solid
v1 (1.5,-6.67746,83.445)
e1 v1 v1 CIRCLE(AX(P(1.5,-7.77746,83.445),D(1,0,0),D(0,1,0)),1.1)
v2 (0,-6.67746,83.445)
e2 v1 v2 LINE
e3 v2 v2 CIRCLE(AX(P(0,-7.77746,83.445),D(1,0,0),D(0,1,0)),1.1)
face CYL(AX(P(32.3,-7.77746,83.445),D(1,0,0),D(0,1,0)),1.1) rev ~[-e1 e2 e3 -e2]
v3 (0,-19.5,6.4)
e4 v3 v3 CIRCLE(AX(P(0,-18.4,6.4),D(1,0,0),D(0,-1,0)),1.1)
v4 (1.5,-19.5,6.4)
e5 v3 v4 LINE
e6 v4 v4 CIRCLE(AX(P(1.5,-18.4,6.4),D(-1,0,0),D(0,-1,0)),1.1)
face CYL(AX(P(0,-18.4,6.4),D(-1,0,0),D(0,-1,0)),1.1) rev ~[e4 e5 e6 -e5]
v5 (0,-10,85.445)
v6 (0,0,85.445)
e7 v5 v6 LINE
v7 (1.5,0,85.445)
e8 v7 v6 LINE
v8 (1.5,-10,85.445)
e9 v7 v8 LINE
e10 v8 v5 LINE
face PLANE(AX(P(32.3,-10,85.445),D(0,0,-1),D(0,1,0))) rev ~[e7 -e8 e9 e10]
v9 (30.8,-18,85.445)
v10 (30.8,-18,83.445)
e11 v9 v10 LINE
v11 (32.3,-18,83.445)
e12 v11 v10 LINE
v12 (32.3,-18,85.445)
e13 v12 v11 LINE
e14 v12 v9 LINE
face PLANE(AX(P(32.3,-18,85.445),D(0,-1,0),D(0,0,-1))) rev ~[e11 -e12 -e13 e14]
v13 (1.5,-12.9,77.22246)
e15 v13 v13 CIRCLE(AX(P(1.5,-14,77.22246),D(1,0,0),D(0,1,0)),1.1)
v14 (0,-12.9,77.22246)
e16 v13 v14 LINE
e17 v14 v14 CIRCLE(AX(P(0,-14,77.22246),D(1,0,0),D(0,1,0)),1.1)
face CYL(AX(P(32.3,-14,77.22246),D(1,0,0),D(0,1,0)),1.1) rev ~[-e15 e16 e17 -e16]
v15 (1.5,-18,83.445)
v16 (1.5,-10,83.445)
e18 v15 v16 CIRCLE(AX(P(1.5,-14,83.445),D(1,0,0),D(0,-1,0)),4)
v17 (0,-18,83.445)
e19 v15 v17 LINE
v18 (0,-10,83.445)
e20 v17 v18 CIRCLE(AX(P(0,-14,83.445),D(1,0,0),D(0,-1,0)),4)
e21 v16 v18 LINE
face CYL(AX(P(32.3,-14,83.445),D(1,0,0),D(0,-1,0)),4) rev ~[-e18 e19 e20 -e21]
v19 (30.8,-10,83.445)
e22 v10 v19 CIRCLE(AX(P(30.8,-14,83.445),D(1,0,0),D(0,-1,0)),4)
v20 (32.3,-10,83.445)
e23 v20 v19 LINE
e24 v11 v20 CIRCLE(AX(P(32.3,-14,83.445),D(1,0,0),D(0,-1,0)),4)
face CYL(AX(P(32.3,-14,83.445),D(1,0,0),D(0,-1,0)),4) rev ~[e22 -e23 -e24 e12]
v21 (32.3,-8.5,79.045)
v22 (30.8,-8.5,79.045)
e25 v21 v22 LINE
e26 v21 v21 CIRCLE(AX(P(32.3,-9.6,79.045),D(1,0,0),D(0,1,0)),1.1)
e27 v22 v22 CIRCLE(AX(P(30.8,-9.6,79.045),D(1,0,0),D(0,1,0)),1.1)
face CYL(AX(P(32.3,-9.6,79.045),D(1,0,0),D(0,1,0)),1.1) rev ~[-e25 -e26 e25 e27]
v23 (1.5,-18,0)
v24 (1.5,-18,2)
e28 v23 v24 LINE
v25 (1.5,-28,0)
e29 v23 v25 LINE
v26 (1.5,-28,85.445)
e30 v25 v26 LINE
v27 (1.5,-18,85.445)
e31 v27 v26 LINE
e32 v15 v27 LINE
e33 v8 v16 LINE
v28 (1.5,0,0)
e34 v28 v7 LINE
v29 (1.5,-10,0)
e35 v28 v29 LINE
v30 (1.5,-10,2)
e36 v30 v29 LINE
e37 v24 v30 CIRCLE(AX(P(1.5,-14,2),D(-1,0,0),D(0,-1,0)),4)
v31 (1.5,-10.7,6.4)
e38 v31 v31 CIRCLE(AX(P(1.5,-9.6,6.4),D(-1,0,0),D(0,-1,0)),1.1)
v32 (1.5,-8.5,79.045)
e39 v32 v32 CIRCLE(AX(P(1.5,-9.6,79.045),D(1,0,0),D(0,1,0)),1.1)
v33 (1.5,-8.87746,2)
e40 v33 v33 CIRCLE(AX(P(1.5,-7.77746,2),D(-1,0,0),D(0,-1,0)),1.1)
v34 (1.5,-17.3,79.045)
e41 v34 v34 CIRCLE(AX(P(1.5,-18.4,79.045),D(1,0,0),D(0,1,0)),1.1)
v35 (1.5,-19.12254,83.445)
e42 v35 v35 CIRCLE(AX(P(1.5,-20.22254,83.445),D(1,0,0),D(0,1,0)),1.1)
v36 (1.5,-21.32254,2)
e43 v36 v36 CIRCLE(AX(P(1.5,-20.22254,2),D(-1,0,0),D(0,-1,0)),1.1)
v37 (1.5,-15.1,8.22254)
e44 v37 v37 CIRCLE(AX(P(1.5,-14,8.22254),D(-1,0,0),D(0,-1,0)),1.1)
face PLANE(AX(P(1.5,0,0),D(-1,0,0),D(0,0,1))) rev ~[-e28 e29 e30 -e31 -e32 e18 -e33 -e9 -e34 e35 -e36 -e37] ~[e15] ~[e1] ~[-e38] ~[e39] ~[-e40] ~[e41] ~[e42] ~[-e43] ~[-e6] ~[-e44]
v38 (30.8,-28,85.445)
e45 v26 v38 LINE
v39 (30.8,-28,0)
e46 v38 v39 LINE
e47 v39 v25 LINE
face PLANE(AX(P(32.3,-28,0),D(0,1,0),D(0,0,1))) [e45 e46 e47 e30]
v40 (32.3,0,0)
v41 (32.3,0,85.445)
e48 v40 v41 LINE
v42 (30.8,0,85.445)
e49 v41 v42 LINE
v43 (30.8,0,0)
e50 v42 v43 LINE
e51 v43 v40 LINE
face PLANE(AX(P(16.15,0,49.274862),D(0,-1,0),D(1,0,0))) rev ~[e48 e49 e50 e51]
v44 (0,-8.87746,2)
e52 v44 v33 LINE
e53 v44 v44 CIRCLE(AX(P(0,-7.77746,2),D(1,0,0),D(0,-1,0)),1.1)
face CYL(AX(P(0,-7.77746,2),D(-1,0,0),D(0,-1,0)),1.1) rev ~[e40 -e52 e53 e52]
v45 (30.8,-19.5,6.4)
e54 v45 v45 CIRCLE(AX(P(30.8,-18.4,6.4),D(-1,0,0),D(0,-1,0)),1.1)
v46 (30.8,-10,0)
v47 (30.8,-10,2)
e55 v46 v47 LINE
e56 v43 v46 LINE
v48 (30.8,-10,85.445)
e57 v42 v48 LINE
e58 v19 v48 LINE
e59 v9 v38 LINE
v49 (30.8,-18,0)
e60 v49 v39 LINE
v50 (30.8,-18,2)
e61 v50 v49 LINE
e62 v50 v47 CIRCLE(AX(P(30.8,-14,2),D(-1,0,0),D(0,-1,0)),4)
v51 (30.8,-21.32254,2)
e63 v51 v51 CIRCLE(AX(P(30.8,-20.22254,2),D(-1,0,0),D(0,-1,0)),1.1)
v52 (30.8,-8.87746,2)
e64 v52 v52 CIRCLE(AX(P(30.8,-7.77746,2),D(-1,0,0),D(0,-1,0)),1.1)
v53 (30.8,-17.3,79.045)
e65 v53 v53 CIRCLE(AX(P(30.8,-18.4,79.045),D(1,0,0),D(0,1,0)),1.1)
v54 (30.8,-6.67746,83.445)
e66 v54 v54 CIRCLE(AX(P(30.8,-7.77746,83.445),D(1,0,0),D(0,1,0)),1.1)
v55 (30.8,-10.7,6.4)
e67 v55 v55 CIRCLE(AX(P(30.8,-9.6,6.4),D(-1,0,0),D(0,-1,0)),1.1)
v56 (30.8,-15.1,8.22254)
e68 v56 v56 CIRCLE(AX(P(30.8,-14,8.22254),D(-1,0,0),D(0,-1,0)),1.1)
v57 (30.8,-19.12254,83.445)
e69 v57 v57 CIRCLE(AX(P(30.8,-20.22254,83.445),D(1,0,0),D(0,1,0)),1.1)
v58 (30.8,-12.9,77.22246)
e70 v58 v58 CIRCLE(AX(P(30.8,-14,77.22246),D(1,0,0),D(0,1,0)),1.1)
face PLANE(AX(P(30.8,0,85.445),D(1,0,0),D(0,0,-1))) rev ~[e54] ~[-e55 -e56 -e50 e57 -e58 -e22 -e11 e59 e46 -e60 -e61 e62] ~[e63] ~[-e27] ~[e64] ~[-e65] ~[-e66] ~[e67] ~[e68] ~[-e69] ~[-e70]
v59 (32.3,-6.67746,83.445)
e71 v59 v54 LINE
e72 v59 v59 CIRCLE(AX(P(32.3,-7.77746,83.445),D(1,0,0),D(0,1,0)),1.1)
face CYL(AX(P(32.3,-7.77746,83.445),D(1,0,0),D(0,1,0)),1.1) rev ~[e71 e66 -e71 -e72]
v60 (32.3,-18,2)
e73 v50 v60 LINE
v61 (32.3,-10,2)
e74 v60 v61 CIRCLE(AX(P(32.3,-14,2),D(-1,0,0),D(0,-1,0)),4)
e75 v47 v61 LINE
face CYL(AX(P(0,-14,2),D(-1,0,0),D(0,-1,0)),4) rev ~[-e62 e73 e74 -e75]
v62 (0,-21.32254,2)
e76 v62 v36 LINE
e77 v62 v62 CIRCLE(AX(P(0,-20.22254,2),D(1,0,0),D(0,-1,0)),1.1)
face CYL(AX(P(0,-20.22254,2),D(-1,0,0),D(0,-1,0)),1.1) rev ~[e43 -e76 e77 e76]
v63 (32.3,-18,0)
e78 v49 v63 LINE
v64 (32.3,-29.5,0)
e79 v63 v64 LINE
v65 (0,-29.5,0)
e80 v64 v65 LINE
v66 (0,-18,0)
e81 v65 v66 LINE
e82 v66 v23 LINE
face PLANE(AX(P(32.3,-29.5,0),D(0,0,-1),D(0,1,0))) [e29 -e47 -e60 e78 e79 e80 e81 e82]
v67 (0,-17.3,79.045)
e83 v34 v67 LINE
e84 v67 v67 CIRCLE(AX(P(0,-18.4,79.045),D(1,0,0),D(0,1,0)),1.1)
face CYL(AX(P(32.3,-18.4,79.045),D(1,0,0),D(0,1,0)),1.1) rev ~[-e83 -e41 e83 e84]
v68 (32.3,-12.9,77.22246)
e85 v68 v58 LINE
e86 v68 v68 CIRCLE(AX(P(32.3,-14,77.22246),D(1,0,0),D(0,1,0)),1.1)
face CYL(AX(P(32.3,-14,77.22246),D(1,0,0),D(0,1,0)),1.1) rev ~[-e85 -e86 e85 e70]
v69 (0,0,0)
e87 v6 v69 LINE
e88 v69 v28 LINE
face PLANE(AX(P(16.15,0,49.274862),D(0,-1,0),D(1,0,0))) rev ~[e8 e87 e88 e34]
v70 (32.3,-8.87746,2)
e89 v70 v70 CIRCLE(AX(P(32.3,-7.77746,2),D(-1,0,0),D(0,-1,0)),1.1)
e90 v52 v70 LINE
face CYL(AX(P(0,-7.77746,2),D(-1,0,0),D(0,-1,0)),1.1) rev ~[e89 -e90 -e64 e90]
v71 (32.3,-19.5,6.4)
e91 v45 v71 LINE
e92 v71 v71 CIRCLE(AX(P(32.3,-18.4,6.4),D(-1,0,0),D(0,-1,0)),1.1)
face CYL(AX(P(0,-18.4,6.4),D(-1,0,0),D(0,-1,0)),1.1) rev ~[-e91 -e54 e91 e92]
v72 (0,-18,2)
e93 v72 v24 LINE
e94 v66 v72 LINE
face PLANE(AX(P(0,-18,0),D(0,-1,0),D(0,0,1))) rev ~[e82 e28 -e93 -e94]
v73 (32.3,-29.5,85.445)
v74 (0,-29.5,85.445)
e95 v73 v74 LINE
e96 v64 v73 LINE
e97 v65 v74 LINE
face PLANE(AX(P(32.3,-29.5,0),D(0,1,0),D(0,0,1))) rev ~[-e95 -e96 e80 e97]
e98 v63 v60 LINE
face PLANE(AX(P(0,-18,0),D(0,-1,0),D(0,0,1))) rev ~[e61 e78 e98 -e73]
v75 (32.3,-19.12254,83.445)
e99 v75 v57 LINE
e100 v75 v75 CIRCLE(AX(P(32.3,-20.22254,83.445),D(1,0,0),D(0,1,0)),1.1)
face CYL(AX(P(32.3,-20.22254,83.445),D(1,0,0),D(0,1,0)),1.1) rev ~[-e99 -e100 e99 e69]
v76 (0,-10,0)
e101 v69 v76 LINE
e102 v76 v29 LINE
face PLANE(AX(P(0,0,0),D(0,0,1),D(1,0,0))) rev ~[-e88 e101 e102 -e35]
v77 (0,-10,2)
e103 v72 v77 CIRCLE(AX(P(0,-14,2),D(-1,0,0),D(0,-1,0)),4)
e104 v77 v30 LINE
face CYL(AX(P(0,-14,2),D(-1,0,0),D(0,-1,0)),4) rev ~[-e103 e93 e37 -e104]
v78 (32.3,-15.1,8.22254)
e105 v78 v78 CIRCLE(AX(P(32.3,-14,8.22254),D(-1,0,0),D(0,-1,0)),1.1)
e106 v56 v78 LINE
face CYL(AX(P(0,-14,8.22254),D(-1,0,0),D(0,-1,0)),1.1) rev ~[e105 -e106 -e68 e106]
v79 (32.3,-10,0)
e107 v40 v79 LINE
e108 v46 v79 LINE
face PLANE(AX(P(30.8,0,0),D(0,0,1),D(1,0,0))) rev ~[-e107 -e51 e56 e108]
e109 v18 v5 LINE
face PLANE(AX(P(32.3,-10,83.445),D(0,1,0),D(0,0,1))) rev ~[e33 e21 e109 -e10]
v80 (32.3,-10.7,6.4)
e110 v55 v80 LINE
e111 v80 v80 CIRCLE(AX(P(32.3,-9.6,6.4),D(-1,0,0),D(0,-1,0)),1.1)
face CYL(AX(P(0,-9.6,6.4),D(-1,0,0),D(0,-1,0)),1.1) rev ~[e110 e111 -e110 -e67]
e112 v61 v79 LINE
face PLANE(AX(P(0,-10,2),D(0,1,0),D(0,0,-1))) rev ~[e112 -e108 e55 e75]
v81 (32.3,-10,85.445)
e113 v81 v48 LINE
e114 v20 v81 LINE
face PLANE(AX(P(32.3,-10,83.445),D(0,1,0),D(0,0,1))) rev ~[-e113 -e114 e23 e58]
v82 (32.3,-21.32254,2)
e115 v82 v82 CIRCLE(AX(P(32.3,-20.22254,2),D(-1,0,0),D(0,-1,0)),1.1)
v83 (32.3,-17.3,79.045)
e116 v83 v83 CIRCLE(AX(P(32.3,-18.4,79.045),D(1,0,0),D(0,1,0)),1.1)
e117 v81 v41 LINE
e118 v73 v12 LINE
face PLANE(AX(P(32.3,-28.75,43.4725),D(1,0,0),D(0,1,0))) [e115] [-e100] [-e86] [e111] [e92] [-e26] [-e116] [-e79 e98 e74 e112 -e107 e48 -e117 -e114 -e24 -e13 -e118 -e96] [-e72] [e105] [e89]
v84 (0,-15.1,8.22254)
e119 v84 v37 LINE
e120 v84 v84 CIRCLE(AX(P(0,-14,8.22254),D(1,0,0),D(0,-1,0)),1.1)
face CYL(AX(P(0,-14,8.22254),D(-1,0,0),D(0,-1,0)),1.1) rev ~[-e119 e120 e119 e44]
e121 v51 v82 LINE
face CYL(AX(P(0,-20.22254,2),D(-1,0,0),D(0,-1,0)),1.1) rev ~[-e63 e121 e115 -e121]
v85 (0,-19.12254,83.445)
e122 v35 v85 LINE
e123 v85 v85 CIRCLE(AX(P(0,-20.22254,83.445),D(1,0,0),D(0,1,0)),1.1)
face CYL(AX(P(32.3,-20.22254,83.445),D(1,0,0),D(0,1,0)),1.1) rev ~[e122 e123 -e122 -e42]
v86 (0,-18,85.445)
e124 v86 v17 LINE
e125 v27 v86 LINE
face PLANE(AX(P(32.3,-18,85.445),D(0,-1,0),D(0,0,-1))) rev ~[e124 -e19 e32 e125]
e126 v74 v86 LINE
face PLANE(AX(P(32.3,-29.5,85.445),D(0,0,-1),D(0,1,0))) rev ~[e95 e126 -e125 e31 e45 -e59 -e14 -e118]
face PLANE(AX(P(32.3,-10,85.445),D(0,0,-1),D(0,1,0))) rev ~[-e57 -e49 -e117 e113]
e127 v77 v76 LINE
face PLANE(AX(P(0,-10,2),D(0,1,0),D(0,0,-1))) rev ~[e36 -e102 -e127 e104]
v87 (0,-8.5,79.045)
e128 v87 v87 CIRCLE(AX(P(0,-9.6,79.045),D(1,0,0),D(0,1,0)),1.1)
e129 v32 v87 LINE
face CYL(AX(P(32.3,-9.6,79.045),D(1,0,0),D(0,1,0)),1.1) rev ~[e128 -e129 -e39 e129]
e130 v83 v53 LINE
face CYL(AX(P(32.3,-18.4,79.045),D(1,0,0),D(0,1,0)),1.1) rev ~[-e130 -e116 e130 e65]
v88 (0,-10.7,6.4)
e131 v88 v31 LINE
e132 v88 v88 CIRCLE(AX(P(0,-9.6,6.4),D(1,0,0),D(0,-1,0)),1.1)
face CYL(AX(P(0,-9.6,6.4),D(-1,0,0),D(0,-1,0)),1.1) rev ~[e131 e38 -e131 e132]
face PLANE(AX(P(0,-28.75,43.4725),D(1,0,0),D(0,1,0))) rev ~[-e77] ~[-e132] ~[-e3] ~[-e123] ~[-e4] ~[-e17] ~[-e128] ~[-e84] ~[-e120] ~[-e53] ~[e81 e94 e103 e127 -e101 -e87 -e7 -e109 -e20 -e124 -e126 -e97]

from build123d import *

# Parameters (mm, degrees)
F1_DEPTH = 28
F2_R     = 1.1
F3_DEPTH = 32.301
F4_R     = 1.1
F5_DEPTH = 1.5
F6_W     = 1.5
F6_H     = 86.945
F7_DEPTH = 32.3
F8_R     = 1.1
F9_DEPTH = 32.301


with BuildPart() as f1:
    # F0 (on Front) → F1 (new body)
    with BuildSketch(Plane.XZ):
        Polygon((0, 86.945), (0, 0), (1.5, 0), (1.5, 85.445), (30.8, 85.445), (30.8, 0), (32.3, 0), (32.3, 86.945), align=None)
    extrude(amount=F1_DEPTH)

    # F2 (on face) → F3 (cut, through all)
    with BuildSketch(Plane(origin=(0, 0, 0), x_dir=(0, -1, 0), z_dir=(-1, 0, 0))):
        with BuildLine():
            Line((18, 0), (18, 2))
            ThreePointArc((18, 2), (14, 6), (10, 2))
            Line((10, 2), (10, 0))
            Line((10, 0), (18, 0))
        make_face()
        with Locations((20.22254, 2)):
            Circle(F2_R)
        with Locations((18.4, 6.4)):
            Circle(F2_R)
        with Locations((14, 8.22254)):
            Circle(F2_R)
        with Locations((9.6, 6.4)):
            Circle(F2_R)
        with Locations((7.77746, 2)):
            Circle(F2_R)
    extrude(amount=-F3_DEPTH, mode=Mode.SUBTRACT)

    # F4 (on face) → F5 (cut, through all)
    with BuildSketch(Plane.XY.offset(86.945)):
        with Locations((6.15, -4)):
            Circle(F4_R)
        with Locations((26.15, -4)):
            Circle(F4_R)
        with Locations((6.15, -24)):
            Circle(F4_R)
        with Locations((26.15, -24)):
            Circle(F4_R)
    extrude(amount=-F5_DEPTH, mode=Mode.SUBTRACT)

    # F6 (on face) → F7 (join)
    with BuildSketch(Plane.YZ.offset(32.3)):
        with Locations((-28.75, 43.4725)):
            Rectangle(F6_W, F6_H)
    extrude(amount=-F7_DEPTH)

    # F8 (on face) → F9 (cut, through all)
    with BuildSketch(Plane.YZ.offset(32.3)):
        Polygon((0, 86.945), (-29.5, 86.945), (-29.5, 85.445), (-18, 85.445), (-10, 85.445), (0, 85.445), align=None)
        with BuildLine():
            Line((-10, 85.445), (-18, 85.445))
            Line((-18, 85.445), (-18, 83.445))
            ThreePointArc((-18, 83.445), (-14, 79.445), (-10, 83.445))
            Line((-10, 83.445), (-10, 85.445))
        make_face()
        with Locations((-18.4, 6.4)):
            Circle(F8_R)
        with Locations((-14, 8.22254)):
            Circle(F8_R)
        with Locations((-9.6, 6.4)):
            Circle(F8_R)
        with Locations((-7.77746, 2)):
            Circle(F8_R)
        with Locations((-20.22254, 2)):
            Circle(F8_R)
        with Locations((-9.6, 79.045)):
            Circle(F8_R)
        with Locations((-18.4, 79.045)):
            Circle(F8_R)
        with Locations((-7.77746, 83.445)):
            Circle(F8_R)
        with Locations((-14, 77.22246)):
            Circle(F8_R)
        with Locations((-20.22254, 83.445)):
            Circle(F8_R)
    extrude(amount=-F9_DEPTH, mode=Mode.SUBTRACT)


solid = f1.part
